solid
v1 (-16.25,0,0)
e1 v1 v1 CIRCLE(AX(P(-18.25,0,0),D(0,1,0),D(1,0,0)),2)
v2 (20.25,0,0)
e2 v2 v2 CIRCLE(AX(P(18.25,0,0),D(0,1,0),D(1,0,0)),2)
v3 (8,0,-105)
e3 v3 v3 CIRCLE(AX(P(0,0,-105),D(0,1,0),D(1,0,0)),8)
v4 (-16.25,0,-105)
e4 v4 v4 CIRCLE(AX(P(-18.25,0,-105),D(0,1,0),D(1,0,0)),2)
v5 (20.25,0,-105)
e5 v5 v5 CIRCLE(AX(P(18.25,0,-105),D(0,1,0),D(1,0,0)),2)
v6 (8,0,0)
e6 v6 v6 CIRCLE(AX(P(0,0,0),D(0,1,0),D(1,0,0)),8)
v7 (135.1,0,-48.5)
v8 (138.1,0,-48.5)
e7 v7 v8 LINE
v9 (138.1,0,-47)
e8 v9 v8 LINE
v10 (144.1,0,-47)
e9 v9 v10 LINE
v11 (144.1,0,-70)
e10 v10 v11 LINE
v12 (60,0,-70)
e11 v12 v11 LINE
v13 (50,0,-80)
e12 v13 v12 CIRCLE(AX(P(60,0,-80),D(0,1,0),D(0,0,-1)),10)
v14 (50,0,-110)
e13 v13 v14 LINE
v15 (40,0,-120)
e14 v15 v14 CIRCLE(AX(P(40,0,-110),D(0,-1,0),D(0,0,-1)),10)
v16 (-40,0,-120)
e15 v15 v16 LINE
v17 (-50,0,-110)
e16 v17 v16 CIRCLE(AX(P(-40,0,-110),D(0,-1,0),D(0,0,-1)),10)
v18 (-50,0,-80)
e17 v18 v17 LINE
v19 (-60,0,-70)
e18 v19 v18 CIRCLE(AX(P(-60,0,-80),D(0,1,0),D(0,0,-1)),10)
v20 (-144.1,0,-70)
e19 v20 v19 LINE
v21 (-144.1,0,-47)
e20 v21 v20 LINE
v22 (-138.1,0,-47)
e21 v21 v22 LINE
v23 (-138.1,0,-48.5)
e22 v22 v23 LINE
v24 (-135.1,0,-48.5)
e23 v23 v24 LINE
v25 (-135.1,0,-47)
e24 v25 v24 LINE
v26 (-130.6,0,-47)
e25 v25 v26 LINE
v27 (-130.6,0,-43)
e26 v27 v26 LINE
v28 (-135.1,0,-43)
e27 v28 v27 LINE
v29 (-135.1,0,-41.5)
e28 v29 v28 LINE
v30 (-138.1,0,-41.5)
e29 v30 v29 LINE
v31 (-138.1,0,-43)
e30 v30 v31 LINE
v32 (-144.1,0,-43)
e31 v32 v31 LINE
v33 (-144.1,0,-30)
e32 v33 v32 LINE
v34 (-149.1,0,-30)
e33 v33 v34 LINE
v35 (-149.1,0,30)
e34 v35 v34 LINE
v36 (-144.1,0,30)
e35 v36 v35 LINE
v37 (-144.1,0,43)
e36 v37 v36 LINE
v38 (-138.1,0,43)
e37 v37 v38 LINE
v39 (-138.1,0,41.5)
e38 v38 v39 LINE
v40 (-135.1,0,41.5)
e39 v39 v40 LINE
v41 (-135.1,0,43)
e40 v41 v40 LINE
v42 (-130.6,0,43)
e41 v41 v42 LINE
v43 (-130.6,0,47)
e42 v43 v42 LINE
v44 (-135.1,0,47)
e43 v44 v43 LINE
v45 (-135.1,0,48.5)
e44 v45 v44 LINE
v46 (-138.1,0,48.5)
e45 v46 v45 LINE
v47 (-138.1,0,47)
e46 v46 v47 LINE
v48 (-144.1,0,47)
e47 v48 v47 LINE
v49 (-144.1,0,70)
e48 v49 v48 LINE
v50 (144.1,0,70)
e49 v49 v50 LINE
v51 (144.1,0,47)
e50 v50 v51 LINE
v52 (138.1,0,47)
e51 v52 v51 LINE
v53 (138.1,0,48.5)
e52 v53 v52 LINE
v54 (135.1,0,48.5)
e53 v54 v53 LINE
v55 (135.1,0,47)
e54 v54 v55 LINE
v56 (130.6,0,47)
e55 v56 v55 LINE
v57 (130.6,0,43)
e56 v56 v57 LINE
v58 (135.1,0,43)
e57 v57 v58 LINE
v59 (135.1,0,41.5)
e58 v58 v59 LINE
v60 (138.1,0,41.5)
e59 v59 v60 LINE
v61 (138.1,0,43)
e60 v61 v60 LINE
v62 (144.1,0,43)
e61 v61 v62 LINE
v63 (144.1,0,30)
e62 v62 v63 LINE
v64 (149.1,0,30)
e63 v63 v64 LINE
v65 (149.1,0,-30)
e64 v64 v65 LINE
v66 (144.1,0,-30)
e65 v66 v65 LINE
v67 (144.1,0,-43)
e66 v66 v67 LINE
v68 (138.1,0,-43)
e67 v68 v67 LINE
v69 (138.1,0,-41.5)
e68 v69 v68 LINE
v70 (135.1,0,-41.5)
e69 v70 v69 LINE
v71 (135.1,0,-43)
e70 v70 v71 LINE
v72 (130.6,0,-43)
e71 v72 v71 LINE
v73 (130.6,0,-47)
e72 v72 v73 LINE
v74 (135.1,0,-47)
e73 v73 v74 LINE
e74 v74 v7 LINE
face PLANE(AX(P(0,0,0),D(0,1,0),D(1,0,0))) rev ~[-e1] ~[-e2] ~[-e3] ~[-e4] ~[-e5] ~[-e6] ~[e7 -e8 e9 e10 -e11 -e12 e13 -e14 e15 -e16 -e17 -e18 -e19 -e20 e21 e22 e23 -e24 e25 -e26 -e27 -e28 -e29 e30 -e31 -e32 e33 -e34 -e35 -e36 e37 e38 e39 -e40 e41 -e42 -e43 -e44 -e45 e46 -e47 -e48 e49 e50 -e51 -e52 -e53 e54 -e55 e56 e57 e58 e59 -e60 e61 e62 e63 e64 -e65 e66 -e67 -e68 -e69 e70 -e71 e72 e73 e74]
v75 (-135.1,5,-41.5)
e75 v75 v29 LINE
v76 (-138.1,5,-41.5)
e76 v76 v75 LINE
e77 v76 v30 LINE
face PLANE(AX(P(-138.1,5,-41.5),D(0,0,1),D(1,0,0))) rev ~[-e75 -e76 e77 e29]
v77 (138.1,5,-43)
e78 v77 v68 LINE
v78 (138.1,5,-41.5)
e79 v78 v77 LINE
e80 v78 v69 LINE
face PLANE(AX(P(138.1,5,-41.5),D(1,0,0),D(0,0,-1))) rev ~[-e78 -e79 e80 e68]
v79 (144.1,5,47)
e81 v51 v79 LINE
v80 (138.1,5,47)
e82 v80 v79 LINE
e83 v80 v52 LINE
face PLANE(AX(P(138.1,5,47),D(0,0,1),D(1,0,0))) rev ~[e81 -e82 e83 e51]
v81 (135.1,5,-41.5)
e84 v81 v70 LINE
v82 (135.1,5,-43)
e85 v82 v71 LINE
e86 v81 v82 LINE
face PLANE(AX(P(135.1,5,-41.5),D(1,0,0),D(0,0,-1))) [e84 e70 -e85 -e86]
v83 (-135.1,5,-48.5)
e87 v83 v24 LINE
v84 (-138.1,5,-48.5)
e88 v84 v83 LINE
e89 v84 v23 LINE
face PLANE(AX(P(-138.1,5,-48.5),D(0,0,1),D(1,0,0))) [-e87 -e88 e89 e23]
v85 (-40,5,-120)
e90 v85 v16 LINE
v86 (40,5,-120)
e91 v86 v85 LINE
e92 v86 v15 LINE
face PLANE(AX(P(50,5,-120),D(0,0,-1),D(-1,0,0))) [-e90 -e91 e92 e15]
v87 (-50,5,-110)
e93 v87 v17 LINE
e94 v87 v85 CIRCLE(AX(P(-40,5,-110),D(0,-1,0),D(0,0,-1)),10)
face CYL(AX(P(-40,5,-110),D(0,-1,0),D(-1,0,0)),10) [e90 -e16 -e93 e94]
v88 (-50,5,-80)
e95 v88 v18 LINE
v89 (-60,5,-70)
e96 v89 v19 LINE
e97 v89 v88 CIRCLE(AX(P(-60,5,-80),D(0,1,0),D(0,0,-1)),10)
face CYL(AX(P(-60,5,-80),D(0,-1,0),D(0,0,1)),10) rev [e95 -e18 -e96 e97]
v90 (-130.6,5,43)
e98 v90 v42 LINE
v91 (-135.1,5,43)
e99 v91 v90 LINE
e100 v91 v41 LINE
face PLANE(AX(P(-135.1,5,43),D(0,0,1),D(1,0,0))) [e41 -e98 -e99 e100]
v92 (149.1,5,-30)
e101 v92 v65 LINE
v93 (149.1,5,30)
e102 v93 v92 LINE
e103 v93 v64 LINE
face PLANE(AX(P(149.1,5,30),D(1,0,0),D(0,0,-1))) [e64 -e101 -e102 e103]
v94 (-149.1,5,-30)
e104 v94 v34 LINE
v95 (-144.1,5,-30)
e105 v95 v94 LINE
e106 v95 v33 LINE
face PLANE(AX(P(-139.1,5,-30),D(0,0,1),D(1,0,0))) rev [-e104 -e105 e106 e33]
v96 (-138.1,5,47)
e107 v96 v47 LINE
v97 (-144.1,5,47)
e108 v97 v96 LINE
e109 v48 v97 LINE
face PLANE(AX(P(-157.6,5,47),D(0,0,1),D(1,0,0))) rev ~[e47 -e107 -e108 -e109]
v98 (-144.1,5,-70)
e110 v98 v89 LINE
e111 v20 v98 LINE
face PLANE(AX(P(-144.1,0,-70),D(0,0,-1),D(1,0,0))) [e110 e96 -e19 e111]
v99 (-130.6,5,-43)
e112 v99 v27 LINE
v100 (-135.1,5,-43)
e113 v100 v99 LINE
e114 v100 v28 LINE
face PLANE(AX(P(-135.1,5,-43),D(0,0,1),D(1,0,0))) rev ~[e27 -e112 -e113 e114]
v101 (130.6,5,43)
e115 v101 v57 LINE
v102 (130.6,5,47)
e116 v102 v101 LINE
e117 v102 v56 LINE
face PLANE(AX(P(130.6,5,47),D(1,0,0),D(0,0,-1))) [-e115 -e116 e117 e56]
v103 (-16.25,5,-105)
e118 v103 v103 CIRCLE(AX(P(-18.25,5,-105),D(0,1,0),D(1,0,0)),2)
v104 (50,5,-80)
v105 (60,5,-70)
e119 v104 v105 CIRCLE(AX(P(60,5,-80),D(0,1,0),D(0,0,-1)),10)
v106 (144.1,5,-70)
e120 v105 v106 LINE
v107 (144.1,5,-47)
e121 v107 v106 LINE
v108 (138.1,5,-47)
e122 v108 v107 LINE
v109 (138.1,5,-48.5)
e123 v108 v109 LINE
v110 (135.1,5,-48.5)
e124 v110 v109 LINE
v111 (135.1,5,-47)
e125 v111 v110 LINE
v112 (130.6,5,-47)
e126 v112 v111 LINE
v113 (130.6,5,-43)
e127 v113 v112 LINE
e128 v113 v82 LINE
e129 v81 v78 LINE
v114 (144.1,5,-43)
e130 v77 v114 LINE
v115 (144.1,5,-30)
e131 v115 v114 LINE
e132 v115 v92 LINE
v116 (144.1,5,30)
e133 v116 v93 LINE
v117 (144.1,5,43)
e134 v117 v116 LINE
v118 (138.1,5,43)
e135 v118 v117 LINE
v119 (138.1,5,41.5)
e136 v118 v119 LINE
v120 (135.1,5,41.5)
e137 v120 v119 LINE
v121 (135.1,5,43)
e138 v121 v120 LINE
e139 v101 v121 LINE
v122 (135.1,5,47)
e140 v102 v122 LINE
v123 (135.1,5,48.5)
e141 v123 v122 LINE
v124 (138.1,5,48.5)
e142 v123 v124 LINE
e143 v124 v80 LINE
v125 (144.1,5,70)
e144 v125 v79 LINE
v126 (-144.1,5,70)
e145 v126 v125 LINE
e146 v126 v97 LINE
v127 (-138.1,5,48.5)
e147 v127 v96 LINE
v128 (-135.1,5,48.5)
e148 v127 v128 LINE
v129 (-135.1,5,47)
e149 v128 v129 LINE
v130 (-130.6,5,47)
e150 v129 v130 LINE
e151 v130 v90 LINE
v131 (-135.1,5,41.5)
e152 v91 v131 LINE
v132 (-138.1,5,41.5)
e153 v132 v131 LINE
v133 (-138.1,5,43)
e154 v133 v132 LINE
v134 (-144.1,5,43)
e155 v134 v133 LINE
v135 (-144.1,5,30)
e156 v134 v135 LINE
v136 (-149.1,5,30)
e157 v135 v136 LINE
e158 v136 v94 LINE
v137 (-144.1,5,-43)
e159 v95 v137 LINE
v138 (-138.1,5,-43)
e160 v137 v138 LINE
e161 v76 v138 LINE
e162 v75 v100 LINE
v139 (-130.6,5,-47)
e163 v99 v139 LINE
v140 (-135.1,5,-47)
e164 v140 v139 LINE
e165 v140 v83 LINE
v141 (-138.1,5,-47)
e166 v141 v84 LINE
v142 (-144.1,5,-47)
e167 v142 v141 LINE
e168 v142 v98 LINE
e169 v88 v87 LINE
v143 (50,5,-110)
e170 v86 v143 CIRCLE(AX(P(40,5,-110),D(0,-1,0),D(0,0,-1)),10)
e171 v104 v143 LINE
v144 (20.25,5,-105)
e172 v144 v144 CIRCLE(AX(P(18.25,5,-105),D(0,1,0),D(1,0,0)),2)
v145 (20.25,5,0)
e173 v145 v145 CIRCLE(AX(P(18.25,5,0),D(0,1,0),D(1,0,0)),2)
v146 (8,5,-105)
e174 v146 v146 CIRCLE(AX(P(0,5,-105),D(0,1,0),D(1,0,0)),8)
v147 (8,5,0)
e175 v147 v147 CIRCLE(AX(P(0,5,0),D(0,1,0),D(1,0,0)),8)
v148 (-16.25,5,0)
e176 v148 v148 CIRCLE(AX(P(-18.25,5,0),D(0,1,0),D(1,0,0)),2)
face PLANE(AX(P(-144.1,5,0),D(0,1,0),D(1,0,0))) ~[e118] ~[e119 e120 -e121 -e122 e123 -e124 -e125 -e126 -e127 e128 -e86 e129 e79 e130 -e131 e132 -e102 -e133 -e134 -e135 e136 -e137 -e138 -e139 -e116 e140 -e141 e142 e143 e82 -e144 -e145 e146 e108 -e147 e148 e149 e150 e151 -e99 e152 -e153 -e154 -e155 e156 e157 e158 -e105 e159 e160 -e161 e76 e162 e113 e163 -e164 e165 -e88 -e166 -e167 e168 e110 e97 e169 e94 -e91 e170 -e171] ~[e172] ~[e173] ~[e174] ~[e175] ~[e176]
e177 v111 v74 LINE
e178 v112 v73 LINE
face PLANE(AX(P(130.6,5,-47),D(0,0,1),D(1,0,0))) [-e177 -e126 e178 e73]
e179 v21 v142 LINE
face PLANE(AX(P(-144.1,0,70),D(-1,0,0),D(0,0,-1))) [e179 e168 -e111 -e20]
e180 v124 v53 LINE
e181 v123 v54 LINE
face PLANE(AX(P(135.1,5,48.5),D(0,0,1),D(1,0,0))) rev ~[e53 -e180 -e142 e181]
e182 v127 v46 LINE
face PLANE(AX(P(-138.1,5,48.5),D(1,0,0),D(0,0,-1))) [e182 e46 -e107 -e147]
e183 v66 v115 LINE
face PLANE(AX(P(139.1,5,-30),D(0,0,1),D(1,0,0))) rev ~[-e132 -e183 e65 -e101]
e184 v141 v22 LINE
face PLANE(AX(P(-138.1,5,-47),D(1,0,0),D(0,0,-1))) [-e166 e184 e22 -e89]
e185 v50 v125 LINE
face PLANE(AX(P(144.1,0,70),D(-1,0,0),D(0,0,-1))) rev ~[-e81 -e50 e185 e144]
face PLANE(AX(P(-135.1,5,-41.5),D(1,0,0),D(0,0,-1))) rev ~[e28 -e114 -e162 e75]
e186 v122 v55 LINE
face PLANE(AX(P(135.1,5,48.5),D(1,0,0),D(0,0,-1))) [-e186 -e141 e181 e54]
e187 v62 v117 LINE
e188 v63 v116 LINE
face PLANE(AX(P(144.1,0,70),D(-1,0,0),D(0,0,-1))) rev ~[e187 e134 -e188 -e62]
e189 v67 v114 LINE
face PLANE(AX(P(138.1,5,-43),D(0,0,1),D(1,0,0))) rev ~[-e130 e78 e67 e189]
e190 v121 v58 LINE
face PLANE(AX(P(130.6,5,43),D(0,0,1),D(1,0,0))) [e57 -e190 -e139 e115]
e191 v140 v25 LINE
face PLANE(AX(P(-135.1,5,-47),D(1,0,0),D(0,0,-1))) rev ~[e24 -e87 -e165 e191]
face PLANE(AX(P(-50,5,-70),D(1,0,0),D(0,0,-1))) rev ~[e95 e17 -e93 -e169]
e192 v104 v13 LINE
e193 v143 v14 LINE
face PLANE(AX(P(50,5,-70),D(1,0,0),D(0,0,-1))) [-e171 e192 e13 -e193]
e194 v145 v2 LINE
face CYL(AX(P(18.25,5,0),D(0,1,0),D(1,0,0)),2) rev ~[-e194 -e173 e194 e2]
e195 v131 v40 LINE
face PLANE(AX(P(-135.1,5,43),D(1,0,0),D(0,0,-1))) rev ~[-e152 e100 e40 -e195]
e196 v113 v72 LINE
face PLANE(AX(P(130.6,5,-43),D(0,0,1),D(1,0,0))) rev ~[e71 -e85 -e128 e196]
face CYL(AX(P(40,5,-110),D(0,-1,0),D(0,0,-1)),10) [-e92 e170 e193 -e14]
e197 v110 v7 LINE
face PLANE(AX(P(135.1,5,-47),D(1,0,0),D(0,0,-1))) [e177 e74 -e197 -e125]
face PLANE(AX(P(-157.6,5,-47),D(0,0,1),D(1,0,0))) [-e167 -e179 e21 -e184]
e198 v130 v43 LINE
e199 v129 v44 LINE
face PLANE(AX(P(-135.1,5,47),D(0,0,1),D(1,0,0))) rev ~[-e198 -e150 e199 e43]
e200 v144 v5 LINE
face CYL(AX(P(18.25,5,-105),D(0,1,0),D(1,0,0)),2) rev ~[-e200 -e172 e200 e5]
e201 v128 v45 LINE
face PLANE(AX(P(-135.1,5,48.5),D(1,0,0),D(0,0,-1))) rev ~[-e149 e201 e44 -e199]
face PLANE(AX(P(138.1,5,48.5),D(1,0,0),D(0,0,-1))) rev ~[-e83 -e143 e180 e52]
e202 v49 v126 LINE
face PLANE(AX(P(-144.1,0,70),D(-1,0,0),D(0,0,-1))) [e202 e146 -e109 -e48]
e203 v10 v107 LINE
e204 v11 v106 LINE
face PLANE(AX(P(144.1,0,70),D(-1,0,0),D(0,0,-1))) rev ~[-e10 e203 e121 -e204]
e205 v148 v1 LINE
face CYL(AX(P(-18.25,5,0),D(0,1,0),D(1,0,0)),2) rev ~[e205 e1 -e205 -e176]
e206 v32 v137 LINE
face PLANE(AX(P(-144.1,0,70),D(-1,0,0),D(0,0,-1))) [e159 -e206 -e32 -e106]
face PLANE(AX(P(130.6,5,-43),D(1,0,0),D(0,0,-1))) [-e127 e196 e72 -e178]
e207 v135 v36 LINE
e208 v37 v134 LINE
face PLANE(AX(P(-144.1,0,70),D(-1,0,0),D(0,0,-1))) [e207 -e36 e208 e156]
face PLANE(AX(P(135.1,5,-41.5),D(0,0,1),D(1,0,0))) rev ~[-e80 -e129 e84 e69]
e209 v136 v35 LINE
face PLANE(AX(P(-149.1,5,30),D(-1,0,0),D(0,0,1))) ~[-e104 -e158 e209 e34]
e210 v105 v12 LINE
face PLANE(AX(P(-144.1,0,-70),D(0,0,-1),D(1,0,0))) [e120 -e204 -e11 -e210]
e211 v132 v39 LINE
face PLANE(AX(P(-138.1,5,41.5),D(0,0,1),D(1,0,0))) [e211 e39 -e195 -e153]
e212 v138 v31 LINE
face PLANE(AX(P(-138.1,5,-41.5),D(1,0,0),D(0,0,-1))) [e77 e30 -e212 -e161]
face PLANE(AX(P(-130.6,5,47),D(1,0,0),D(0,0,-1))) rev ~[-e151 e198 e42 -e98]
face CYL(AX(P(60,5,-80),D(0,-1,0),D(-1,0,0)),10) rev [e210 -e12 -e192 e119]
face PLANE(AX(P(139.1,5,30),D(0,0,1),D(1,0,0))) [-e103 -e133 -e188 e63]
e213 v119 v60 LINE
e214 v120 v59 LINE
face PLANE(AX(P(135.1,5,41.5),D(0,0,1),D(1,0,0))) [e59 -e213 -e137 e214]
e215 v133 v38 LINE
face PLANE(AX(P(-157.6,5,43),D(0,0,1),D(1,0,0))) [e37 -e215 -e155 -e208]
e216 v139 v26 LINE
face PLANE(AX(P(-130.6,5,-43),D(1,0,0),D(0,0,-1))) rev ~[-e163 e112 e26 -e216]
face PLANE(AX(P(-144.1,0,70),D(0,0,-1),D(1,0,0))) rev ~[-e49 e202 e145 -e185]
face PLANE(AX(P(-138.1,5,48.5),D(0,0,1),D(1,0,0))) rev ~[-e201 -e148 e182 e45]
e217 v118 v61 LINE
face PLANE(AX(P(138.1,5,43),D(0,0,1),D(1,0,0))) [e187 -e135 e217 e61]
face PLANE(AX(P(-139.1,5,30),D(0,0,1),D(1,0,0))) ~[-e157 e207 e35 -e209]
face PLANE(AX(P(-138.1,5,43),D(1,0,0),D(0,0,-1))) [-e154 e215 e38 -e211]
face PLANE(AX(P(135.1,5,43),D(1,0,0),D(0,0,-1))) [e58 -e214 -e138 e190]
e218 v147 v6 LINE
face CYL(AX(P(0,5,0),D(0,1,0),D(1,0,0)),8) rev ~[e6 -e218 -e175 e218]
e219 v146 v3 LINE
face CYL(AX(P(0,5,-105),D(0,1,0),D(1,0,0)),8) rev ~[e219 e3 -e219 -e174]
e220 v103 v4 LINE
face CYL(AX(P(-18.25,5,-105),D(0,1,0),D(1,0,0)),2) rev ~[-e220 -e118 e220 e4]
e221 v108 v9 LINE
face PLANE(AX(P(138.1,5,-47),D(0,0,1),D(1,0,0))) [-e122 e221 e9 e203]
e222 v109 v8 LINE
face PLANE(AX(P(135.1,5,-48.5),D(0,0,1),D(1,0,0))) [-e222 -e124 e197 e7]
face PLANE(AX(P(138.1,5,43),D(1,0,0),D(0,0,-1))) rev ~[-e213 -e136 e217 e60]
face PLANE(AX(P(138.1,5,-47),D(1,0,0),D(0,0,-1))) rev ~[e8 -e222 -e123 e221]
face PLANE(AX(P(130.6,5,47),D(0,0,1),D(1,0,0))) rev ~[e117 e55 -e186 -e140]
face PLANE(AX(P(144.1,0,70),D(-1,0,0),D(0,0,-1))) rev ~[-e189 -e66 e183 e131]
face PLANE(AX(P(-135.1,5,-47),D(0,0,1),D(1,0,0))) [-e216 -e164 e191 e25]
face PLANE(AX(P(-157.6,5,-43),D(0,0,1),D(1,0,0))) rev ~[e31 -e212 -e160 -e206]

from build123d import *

# Parameters (mm, degrees)
SKETCH1_W           = 288.2
SKETCH1_H           = 140
EXTRUDE_5_DEPTH     = 5
SKETCH2_W           = 10
SKETCH2_H           = 60
BOSS_EXTRUDE2_DEPTH = 5
SKETCH3_W           = 27
SKETCH3_H           = 4
SKETCH3_W_2         = 3
SKETCH3_H_2         = 7
CUT_EXTRUDE1_DEPTH  = 5
SKETCH4_R           = 8
CUT_EXTRUDE2_DEPTH  = 5
SKETCH5_R           = 2
CUT_EXTRUDE3_DEPTH  = 5
SKETCH6_W           = 50
SKETCH6_H           = 50
BOSS_EXTRUDE3_DEPTH = 5
LPATTERN1_COUNT     = 2
LPATTERN1_PITCH     = 105
FILLET1_R           = 10
FILLET2_R           = 10


with BuildPart() as part:
    # Sketch1 → Extrude 5 (new body)
    with BuildSketch(Plane(origin=(0, 0, 0), x_dir=(1, 0, 0), z_dir=(0, 1, 0))):
        Rectangle(SKETCH1_W, SKETCH1_H)
    extrude(amount=EXTRUDE_5_DEPTH)

    # Sketch2 → Boss-Extrude2 (add)
    with BuildSketch(Plane(origin=(0, 5, 0), x_dir=(1, 0, 0), z_dir=(0, 1, 0))):
        with Locations((144.1, 0)):
            Rectangle(SKETCH2_W, SKETCH2_H)
    boss_extrude2 = extrude(amount=-BOSS_EXTRUDE2_DEPTH)

    # Mirror1: Boss-Extrude2 across plane
    add(boss_extrude2.mirror(Plane(origin=(0, 0, 0), x_dir=(0, 0, 1), z_dir=(1, 0, 0))))

    # Sketch3 → Cut-Extrude1 (cut)
    with BuildSketch(Plane(origin=(0, 5, 0), x_dir=(1, 0, 0), z_dir=(0, 1, 0))):
        with Locations((144.1, 45)):
            Rectangle(SKETCH3_W, SKETCH3_H)
        with Locations((136.6, 45)):
            Rectangle(SKETCH3_W_2, SKETCH3_H_2)
        with Locations((136.6, -45)):
            Rectangle(SKETCH3_W_2, SKETCH3_H_2)
        with Locations((144.1, -45)):
            Rectangle(SKETCH3_W, SKETCH3_H)
        with Locations((-144.1, -45)):
            Rectangle(SKETCH3_W, SKETCH3_H)
        with Locations((-136.6, -45)):
            Rectangle(SKETCH3_W_2, SKETCH3_H_2)
        with Locations((-136.6, 45)):
            Rectangle(SKETCH3_W_2, SKETCH3_H_2)
        with Locations((-144.1, 45)):
            Rectangle(SKETCH3_W, SKETCH3_H)
    extrude(amount=-CUT_EXTRUDE1_DEPTH, mode=Mode.SUBTRACT)

    # Sketch4 → Cut-Extrude2 (cut)
    with BuildSketch(Plane(origin=(0, 5, 0), x_dir=(1, 0, 0), z_dir=(0, 1, 0))):
        Circle(SKETCH4_R)
    cut_extrude2 = extrude(amount=-CUT_EXTRUDE2_DEPTH, mode=Mode.SUBTRACT)

    # Sketch5 → Cut-Extrude3 (cut)
    with BuildSketch(Plane(origin=(0, 5, 0), x_dir=(1, 0, 0), z_dir=(0, 1, 0))):
        with Locations((-18.25, 0)):
            Circle(SKETCH5_R)
        with Locations((18.25, 0)):
            Circle(SKETCH5_R)
    cut_extrude3 = extrude(amount=-CUT_EXTRUDE3_DEPTH, mode=Mode.SUBTRACT)

    # Sketch6 → Boss-Extrude3 (add)
    with BuildSketch(Plane(origin=(0, 5, 0), x_dir=(1, 0, 0), z_dir=(0, 1, 0))):
        with Locations((-25, 95)):
            Rectangle(SKETCH6_W, SKETCH6_H)
        with Locations((25, 95)):
            Rectangle(SKETCH6_W, SKETCH6_H)
    extrude(amount=-BOSS_EXTRUDE3_DEPTH)

    # LPattern1: Cut-Extrude2, Cut-Extrude3 ×2
    with Locations(*[(0, 0, -i * LPATTERN1_PITCH) for i in range(1, LPATTERN1_COUNT)]):
        add(cut_extrude2, mode=Mode.SUBTRACT)
        add(cut_extrude3, mode=Mode.SUBTRACT)

    # Fillet1
    fillet1_edges = [part.edges().sort_by_distance(p)[0] for p in [
        (-50, 2.5, -70),
        (50, 2.5, -70),
    ]]
    fillet(fillet1_edges, radius=FILLET1_R)

    # Fillet2
    fillet2_edges = [part.edges().sort_by_distance(p)[0] for p in [
        (-50, 2.5, -120),
        (50, 2.5, -120),
    ]]
    fillet(fillet2_edges, radius=FILLET2_R)


solid = part.part
